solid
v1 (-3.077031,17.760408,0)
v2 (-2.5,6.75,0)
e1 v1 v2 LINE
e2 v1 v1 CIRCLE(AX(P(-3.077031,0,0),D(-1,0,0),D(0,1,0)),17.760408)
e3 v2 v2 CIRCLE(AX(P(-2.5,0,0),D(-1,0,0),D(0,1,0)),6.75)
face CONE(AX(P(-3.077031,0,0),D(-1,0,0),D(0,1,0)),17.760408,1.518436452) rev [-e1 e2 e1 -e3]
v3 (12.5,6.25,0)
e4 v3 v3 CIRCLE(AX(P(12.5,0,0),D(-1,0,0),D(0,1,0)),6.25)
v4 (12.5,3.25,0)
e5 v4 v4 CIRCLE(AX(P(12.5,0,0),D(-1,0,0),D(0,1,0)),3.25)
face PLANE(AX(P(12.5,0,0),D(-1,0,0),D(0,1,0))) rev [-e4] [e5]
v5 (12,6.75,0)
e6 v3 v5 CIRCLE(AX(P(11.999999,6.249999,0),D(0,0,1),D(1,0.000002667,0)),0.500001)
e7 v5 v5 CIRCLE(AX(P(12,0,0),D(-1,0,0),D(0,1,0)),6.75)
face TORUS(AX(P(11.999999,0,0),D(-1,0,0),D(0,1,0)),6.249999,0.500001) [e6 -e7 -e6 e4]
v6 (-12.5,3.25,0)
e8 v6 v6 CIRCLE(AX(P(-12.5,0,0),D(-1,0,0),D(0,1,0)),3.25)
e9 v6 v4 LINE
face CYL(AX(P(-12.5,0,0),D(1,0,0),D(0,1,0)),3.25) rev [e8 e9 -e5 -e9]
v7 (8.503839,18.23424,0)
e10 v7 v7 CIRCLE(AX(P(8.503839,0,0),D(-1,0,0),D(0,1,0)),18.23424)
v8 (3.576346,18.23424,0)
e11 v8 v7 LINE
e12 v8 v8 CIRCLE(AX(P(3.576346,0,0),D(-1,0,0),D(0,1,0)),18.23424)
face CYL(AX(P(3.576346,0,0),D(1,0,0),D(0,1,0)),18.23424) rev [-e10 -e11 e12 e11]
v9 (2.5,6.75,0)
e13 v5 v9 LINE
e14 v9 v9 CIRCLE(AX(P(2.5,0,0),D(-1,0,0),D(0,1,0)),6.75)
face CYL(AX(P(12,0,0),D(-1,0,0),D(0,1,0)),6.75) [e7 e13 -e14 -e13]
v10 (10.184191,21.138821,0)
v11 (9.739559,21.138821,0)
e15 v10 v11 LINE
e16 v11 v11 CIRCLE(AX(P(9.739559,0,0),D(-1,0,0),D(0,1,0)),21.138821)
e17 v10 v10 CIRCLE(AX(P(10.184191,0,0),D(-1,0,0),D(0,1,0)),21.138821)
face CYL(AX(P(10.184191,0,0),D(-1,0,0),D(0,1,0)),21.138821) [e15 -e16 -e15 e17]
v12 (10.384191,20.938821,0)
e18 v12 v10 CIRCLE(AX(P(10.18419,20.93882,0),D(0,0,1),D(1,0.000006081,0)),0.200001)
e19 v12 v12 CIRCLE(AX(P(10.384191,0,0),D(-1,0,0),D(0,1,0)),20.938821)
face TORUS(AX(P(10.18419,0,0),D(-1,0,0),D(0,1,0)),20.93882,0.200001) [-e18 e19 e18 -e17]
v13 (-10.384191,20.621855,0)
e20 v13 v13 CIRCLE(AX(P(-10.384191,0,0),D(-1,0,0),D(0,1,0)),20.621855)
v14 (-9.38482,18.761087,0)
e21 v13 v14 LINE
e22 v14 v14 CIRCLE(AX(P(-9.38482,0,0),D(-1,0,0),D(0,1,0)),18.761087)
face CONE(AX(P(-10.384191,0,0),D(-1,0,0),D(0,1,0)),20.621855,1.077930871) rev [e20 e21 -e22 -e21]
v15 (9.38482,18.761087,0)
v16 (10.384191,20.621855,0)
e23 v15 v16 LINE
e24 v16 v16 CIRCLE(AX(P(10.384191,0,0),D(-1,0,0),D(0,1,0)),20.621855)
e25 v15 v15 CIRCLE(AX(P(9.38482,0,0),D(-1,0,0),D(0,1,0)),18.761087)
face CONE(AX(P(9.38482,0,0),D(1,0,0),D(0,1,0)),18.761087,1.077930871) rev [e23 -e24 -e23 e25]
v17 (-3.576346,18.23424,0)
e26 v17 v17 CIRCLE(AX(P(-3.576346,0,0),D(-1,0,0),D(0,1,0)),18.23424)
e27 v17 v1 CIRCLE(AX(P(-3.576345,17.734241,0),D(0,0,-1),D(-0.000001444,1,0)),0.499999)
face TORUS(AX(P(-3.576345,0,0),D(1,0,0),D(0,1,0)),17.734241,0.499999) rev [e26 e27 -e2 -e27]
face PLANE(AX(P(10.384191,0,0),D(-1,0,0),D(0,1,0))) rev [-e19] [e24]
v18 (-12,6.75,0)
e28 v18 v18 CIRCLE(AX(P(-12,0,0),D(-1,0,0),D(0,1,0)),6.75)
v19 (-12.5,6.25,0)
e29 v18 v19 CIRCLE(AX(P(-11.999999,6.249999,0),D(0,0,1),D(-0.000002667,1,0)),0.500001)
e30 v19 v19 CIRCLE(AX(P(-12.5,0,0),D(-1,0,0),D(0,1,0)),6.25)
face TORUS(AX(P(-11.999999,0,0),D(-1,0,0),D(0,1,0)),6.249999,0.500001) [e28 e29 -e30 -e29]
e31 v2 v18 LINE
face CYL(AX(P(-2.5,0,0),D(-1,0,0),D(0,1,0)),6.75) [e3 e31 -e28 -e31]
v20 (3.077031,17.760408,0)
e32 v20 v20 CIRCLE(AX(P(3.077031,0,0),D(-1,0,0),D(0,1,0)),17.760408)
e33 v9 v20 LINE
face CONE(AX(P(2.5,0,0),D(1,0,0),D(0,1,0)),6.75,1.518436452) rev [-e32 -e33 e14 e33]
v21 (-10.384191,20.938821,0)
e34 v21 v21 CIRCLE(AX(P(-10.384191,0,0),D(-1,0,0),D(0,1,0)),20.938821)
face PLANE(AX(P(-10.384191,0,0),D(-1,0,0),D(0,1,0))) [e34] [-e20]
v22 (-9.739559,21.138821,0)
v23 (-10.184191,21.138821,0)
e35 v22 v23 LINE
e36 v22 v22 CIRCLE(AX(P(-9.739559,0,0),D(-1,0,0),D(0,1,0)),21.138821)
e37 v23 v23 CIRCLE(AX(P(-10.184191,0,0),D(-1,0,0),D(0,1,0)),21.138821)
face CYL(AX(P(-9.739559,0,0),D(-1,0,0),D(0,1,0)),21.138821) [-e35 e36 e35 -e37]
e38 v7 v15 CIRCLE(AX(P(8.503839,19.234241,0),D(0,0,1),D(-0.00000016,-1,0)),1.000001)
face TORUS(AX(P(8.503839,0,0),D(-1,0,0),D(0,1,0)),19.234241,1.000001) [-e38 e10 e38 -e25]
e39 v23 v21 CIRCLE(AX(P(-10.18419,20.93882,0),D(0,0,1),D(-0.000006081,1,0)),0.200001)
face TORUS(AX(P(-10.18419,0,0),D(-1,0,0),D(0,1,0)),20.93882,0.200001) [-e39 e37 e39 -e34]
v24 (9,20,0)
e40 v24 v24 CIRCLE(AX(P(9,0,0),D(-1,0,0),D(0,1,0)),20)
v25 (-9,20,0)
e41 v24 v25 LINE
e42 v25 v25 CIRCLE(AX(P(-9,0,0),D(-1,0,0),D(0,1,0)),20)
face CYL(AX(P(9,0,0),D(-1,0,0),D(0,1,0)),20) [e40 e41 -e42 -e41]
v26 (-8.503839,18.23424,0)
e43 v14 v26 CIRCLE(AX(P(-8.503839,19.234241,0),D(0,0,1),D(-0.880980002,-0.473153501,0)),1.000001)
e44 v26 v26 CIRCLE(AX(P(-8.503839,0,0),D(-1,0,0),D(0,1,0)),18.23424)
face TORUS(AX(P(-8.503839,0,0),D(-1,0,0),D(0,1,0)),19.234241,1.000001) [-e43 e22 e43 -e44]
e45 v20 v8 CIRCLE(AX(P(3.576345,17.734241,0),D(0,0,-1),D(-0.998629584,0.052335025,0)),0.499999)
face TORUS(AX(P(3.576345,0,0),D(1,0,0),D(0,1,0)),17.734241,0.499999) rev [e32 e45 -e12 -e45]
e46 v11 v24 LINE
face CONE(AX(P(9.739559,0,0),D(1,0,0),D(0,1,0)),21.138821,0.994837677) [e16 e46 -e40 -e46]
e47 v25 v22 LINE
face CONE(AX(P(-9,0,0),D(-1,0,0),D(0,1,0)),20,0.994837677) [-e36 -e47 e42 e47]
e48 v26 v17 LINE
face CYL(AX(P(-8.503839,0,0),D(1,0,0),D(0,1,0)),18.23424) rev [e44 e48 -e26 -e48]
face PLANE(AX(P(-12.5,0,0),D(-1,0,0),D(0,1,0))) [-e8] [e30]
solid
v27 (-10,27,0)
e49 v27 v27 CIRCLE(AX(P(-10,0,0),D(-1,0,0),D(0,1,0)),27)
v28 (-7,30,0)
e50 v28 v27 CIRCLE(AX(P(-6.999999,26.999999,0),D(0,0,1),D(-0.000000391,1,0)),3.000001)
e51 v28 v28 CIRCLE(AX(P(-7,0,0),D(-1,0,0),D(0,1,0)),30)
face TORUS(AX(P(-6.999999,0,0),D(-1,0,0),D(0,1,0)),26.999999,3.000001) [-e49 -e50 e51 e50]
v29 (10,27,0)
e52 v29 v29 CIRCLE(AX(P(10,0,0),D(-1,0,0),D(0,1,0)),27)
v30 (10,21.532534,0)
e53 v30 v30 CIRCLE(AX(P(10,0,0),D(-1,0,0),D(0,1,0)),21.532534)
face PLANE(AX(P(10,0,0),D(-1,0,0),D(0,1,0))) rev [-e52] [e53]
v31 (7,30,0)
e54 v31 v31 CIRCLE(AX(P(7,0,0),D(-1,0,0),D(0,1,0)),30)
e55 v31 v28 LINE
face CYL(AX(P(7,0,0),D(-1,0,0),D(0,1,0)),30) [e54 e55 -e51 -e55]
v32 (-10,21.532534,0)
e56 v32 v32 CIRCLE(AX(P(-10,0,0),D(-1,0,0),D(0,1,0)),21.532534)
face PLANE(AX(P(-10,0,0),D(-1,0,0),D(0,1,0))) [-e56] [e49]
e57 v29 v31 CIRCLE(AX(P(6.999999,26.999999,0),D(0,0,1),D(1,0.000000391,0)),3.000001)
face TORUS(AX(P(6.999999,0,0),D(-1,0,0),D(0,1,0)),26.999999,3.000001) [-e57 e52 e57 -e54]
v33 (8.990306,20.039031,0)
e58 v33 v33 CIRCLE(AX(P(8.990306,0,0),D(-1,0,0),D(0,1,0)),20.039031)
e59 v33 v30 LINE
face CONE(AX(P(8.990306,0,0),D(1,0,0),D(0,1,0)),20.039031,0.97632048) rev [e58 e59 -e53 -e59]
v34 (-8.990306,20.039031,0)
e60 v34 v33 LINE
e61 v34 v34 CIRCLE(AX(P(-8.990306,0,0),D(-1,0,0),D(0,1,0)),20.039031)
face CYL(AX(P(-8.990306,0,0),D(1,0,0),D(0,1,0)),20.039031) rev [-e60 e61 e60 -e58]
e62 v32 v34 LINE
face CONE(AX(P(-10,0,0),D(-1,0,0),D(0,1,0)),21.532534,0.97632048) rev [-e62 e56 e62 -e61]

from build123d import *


with BuildPart() as f1:
    # F0 (on Top) → F1 (revolve)
    with BuildSketch(Plane.XY):
        with BuildLine():
            Line((7, 30), (0, 30))
            Line((0, 30), (-7, 30))
            ThreePointArc((-7, 30), (-9.12132, 29.12132), (-10, 27))
            Line((-10, 27), (-10, 21.532534))
            Line((-10, 21.532534), (-8.990306, 20.039031))
            Line((-8.990306, 20.039031), (0, 20.039031))
            Line((0, 20.039031), (8.990306, 20.039031))
            Line((8.990306, 20.039031), (10, 21.532534))
            Line((10, 21.532534), (10, 27))
            ThreePointArc((10, 27), (9.12132, 29.12132), (7, 30))
        make_face()
        with BuildLine():
            Line((-12.5, 3.25), (0, 3.25))
            Line((0, 3.25), (12.5, 3.25))
            Line((12.5, 3.25), (12.5, 6.25))
            ThreePointArc((12.5, 6.25), (12.353553, 6.603553), (12, 6.75))
            Line((12, 6.75), (2.5, 6.75))
            Line((2.5, 6.75), (3.077031, 17.760408))
            ThreePointArc((3.077031, 17.760408), (3.232168, 18.096927), (3.576346, 18.23424))
            Line((3.576346, 18.23424), (8.503839, 18.23424))
            ThreePointArc((8.503839, 18.23424), (9.017088, 18.376), (9.38482, 18.761087))
            Line((9.38482, 18.761087), (10.384191, 20.621855))
            Line((10.384191, 20.621855), (10.384191, 20.938821))
            ThreePointArc((10.384191, 20.938821), (10.325612, 21.080242), (10.184191, 21.138821))
            Line((10.184191, 21.138821), (9.739559, 21.138821))
            Line((9.739559, 21.138821), (9, 20))
            Line((9, 20), (0, 20))
            Line((0, 20), (-9, 20))
            Line((-9, 20), (-9.739559, 21.138821))
            Line((-9.739559, 21.138821), (-10.184191, 21.138821))
            ThreePointArc((-10.184191, 21.138821), (-10.325612, 21.080242), (-10.384191, 20.938821))
            Line((-10.384191, 20.938821), (-10.384191, 20.621855))
            Line((-10.384191, 20.621855), (-9.38482, 18.761087))
            ThreePointArc((-9.38482, 18.761087), (-9.017088, 18.376), (-8.503839, 18.23424))
            Line((-8.503839, 18.23424), (-3.576346, 18.23424))
            ThreePointArc((-3.576346, 18.23424), (-3.232168, 18.096927), (-3.077031, 17.760408))
            Line((-3.077031, 17.760408), (-2.5, 6.75))
            Line((-2.5, 6.75), (-12, 6.75))
            ThreePointArc((-12, 6.75), (-12.353553, 6.603553), (-12.5, 6.25))
            Line((-12.5, 6.25), (-12.5, 3.25))
        make_face()
    revolve(axis=Axis((-20.44471, 0, 0), (-1, 0, 0)))


solid = f1.part
